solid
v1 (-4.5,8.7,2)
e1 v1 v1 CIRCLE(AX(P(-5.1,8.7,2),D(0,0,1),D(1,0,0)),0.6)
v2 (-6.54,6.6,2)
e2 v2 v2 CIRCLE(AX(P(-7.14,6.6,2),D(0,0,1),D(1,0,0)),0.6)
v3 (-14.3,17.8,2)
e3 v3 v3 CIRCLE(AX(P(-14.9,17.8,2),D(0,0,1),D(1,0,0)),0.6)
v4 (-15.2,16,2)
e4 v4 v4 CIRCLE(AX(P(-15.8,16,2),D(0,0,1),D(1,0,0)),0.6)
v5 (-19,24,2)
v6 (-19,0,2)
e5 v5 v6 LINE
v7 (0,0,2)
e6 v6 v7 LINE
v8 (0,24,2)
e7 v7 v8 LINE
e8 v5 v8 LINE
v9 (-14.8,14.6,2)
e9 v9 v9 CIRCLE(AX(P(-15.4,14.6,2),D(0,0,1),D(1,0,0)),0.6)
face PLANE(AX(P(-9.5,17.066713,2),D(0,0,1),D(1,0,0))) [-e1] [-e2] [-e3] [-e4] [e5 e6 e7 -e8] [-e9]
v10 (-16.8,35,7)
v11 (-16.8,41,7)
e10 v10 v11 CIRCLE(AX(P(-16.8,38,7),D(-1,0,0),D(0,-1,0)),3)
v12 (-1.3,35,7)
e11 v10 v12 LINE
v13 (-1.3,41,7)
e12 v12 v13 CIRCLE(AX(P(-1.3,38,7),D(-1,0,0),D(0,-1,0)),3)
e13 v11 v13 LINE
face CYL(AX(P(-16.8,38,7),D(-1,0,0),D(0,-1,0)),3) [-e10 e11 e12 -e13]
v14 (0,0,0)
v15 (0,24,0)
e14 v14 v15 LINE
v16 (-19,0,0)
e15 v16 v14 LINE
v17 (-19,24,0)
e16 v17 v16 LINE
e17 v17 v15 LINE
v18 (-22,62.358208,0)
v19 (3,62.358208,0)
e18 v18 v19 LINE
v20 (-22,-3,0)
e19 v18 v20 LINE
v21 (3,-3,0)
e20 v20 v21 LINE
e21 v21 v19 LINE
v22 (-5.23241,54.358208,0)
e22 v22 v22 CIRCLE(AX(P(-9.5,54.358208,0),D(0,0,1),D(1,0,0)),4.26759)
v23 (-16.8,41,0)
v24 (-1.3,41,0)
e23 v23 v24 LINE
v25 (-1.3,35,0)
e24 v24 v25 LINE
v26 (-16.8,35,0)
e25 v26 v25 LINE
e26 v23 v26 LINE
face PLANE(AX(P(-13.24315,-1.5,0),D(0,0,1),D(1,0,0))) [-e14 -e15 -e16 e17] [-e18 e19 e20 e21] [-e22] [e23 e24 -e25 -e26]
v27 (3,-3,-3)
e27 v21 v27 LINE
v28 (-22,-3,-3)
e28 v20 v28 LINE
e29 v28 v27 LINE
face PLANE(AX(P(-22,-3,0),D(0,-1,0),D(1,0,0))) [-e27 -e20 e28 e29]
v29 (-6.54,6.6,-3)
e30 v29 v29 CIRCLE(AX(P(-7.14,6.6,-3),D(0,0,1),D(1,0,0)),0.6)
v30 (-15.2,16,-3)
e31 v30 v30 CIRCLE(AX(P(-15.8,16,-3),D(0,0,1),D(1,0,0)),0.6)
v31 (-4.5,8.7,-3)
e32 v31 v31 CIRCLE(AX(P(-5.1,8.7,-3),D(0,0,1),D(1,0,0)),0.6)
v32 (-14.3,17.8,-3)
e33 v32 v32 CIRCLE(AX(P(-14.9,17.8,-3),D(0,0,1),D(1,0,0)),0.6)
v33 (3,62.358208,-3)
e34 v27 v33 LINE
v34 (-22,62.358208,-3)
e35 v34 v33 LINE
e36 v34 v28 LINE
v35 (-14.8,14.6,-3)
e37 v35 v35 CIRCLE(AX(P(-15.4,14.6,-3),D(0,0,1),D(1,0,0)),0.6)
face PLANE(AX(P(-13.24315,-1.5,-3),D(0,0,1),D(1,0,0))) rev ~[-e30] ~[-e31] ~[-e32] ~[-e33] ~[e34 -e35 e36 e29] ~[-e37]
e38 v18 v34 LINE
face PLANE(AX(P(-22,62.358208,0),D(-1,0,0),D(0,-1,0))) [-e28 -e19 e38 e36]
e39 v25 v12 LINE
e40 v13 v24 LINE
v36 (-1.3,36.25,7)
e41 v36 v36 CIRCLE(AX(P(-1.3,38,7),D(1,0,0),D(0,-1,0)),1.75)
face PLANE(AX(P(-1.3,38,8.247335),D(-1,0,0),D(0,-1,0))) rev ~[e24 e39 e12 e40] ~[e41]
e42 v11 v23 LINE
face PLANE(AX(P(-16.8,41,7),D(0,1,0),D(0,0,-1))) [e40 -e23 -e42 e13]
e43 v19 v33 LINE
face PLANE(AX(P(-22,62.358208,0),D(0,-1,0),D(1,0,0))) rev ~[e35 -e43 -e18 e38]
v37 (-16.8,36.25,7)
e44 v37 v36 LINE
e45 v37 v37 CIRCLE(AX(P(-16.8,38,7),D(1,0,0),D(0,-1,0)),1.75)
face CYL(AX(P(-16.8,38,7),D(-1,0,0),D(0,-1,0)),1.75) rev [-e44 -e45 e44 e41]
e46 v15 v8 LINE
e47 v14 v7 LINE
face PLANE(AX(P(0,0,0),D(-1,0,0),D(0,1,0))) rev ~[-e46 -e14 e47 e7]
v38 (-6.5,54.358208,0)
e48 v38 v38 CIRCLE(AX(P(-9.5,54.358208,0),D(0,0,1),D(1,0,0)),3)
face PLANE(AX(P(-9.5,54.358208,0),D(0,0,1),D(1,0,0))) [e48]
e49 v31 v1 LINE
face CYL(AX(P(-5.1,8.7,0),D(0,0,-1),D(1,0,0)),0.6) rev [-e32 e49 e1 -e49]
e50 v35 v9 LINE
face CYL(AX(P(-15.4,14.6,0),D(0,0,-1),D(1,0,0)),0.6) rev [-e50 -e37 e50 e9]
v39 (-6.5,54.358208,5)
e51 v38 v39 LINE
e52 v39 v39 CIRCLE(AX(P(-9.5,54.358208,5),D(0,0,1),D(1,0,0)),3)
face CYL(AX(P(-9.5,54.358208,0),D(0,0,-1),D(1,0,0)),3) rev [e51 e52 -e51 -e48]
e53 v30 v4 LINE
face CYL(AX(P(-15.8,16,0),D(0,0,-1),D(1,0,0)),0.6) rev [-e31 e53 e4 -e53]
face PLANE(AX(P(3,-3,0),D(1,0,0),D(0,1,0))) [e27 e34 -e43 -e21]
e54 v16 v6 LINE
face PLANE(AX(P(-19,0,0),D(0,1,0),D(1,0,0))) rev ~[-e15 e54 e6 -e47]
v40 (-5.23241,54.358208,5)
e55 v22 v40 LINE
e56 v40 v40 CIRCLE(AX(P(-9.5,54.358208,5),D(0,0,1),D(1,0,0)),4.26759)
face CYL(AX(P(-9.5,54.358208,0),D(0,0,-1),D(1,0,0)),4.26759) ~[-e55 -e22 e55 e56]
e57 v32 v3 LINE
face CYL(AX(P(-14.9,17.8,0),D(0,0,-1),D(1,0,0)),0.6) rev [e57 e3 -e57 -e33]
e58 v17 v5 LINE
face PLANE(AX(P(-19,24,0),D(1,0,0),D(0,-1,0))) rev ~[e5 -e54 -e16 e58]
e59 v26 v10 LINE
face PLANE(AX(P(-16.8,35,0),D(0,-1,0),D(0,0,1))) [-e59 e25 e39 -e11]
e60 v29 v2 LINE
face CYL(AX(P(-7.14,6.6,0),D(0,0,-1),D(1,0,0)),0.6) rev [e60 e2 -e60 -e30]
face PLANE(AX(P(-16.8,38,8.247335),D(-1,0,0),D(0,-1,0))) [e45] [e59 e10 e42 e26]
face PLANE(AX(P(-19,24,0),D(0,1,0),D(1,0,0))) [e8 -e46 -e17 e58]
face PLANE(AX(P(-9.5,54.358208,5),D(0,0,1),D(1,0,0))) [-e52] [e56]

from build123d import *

# Parameters (mm, degrees)
F0_W      = 5.4119601846
F0_H      = 3
F0_W_2    = 25
F0_H_2    = 35.3582080007
F0_R      = 4.2675896262
F0_W_3    = 4.1414871812
F0_W_4    = 3.0508699417
F0_W_5    = 6.3956826925
F0_W_6    = 19
F0_H_3    = 13.8665742949
F0_R_2    = 0.6
F1_DEPTH  = 3
F2_DEPTH  = 2
F0_R_3    = 3
F3_DEPTH  = 5
F4_DEPTH  = 3
F8_DEPTH  = 15.5
F9_W      = 25
F9_H      = 65.3582080007
F9_R      = 1.5
F9_R_2    = 0.6
F10_DEPTH = 3


with BuildPart() as f1:
    # F0 (on Top) → F1 (new body)
    with BuildSketch(Plane.XY):
        with Locations((-13.243149966, -1.5)):
            Rectangle(F0_W, F0_H)
        with Locations((-9.5, 44.6791040003)):
            Rectangle(F0_W_2, F0_H_2)
        with Locations((-9.5, 54.3582080007)):
            Circle(F0_R, mode=Mode.SUBTRACT)
        with Locations((-2.0707435906, -1.5)):
            Rectangle(F0_W_3, F0_H)
        with Locations((-17.4745650291, -1.5)):
            Rectangle(F0_W_4, F0_H)
        with Locations((-7.3393285275, -1.5)):
            Rectangle(F0_W_5, F0_H)
        Polygon((0, 10.1334257051), (0, 0), (0, -3), (3, -3), (3, 27), (-22, 27), (-22, -3), (-19, -3), (-19, 0), (-19, 10.1334257051), (-19, 24), (0, 24), align=None)
        with Locations((-9.5, 17.0667128526)):
            Rectangle(F0_W_6, F0_H_3)
        with Locations((-15.8, 16)):
            Circle(F0_R_2, mode=Mode.SUBTRACT)
        with Locations((-15.4, 14.6)):
            Circle(F0_R_2, mode=Mode.SUBTRACT)
        with Locations((-14.9, 17.8)):
            Circle(F0_R_2, mode=Mode.SUBTRACT)
        Polygon((-4.1414871812, 0), (0, 0), (0, 10.1334257051), (-19, 10.1334257051), (-19, 0), (-15.9491300583, 0), (-10.5371698737, 0), align=None)
        with Locations((-7.14, 6.6)):
            Circle(F0_R_2, mode=Mode.SUBTRACT)
        with Locations((-5.1, 8.7)):
            Circle(F0_R_2, mode=Mode.SUBTRACT)
    extrude(amount=-F1_DEPTH)

    # F0 (on Top) → F2 (join)
    with BuildSketch(Plane.XY):
        with Locations((-9.5, 17.0667128526)):
            Rectangle(F0_W_6, F0_H_3)
        with Locations((-15.8, 16)):
            Circle(F0_R_2, mode=Mode.SUBTRACT)
        with Locations((-15.4, 14.6)):
            Circle(F0_R_2, mode=Mode.SUBTRACT)
        with Locations((-14.9, 17.8)):
            Circle(F0_R_2, mode=Mode.SUBTRACT)
        Polygon((-4.1414871812, 0), (0, 0), (0, 10.1334257051), (-19, 10.1334257051), (-19, 0), (-15.9491300583, 0), (-10.5371698737, 0), align=None)
        with Locations((-7.14, 6.6)):
            Circle(F0_R_2, mode=Mode.SUBTRACT)
        with Locations((-5.1, 8.7)):
            Circle(F0_R_2, mode=Mode.SUBTRACT)
    extrude(amount=F2_DEPTH)

    # F0 (on Top) → F3 (join)
    with BuildSketch(Plane.XY):
        with Locations((-9.5, 54.3582080007)):
            Circle(F0_R)
        with Locations((-9.5, 54.3582080007)):
            Circle(F0_R_3, mode=Mode.SUBTRACT)
    extrude(amount=F3_DEPTH)

    # F0 (on Top) → F4 (join)
    with BuildSketch(Plane.XY):
        with Locations((-9.5, 54.3582080007)):
            Circle(F0_R)
        with Locations((-9.5, 54.3582080007)):
            Circle(F0_R_3, mode=Mode.SUBTRACT)
        with Locations((-9.5, 54.3582080007)):
            Circle(F0_R_3)
    extrude(amount=-F4_DEPTH)

    # F7 (on offset) → F8 (join)
    with BuildSketch(Plane(origin=(-16.8, 0, 0), x_dir=(0, -1, 0), z_dir=(-1, 0, 0))):
        with BuildLine():
            ThreePointArc((-35, 7), (-38, 10), (-41, 7))
            Line((-41, 7), (-39.75, 7))
            ThreePointArc((-39.75, 7), (-38, 8.75), (-36.25, 7))
            Line((-36.25, 7), (-35, 7))
        make_face()
        with BuildLine():
            Line((-41, 7), (-41, 0))
            Line((-41, 0), (-35, 0))
            Line((-35, 0), (-35, 7))
            Line((-35, 7), (-36.25, 7))
            ThreePointArc((-36.25, 7), (-38, 5.25), (-39.75, 7))
            Line((-39.75, 7), (-41, 7))
        make_face()
    extrude(amount=-F8_DEPTH)

    # F9 (on face) → F10 (join)
    with BuildSketch(Plane(origin=(0, 0, -3), x_dir=(1, 0, 0), z_dir=(0, 0, -1))):
        with Locations((-9.5, -29.6791040003)):
            Rectangle(F9_W, F9_H)
        with Locations((-9.5, -54.3582080007)):
            Circle(F9_R, mode=Mode.SUBTRACT)
        with Locations((-15.8, -16)):
            Circle(F9_R_2, mode=Mode.SUBTRACT)
        with Locations((-14.9, -17.8)):
            Circle(F9_R_2, mode=Mode.SUBTRACT)
        with Locations((-15.4, -14.6)):
            Circle(F9_R_2, mode=Mode.SUBTRACT)
        with Locations((-7.14, -6.6)):
            Circle(F9_R_2, mode=Mode.SUBTRACT)
        with Locations((-5.1, -8.7)):
            Circle(F9_R_2, mode=Mode.SUBTRACT)
    extrude(amount=-F10_DEPTH)


solid = f1.part
